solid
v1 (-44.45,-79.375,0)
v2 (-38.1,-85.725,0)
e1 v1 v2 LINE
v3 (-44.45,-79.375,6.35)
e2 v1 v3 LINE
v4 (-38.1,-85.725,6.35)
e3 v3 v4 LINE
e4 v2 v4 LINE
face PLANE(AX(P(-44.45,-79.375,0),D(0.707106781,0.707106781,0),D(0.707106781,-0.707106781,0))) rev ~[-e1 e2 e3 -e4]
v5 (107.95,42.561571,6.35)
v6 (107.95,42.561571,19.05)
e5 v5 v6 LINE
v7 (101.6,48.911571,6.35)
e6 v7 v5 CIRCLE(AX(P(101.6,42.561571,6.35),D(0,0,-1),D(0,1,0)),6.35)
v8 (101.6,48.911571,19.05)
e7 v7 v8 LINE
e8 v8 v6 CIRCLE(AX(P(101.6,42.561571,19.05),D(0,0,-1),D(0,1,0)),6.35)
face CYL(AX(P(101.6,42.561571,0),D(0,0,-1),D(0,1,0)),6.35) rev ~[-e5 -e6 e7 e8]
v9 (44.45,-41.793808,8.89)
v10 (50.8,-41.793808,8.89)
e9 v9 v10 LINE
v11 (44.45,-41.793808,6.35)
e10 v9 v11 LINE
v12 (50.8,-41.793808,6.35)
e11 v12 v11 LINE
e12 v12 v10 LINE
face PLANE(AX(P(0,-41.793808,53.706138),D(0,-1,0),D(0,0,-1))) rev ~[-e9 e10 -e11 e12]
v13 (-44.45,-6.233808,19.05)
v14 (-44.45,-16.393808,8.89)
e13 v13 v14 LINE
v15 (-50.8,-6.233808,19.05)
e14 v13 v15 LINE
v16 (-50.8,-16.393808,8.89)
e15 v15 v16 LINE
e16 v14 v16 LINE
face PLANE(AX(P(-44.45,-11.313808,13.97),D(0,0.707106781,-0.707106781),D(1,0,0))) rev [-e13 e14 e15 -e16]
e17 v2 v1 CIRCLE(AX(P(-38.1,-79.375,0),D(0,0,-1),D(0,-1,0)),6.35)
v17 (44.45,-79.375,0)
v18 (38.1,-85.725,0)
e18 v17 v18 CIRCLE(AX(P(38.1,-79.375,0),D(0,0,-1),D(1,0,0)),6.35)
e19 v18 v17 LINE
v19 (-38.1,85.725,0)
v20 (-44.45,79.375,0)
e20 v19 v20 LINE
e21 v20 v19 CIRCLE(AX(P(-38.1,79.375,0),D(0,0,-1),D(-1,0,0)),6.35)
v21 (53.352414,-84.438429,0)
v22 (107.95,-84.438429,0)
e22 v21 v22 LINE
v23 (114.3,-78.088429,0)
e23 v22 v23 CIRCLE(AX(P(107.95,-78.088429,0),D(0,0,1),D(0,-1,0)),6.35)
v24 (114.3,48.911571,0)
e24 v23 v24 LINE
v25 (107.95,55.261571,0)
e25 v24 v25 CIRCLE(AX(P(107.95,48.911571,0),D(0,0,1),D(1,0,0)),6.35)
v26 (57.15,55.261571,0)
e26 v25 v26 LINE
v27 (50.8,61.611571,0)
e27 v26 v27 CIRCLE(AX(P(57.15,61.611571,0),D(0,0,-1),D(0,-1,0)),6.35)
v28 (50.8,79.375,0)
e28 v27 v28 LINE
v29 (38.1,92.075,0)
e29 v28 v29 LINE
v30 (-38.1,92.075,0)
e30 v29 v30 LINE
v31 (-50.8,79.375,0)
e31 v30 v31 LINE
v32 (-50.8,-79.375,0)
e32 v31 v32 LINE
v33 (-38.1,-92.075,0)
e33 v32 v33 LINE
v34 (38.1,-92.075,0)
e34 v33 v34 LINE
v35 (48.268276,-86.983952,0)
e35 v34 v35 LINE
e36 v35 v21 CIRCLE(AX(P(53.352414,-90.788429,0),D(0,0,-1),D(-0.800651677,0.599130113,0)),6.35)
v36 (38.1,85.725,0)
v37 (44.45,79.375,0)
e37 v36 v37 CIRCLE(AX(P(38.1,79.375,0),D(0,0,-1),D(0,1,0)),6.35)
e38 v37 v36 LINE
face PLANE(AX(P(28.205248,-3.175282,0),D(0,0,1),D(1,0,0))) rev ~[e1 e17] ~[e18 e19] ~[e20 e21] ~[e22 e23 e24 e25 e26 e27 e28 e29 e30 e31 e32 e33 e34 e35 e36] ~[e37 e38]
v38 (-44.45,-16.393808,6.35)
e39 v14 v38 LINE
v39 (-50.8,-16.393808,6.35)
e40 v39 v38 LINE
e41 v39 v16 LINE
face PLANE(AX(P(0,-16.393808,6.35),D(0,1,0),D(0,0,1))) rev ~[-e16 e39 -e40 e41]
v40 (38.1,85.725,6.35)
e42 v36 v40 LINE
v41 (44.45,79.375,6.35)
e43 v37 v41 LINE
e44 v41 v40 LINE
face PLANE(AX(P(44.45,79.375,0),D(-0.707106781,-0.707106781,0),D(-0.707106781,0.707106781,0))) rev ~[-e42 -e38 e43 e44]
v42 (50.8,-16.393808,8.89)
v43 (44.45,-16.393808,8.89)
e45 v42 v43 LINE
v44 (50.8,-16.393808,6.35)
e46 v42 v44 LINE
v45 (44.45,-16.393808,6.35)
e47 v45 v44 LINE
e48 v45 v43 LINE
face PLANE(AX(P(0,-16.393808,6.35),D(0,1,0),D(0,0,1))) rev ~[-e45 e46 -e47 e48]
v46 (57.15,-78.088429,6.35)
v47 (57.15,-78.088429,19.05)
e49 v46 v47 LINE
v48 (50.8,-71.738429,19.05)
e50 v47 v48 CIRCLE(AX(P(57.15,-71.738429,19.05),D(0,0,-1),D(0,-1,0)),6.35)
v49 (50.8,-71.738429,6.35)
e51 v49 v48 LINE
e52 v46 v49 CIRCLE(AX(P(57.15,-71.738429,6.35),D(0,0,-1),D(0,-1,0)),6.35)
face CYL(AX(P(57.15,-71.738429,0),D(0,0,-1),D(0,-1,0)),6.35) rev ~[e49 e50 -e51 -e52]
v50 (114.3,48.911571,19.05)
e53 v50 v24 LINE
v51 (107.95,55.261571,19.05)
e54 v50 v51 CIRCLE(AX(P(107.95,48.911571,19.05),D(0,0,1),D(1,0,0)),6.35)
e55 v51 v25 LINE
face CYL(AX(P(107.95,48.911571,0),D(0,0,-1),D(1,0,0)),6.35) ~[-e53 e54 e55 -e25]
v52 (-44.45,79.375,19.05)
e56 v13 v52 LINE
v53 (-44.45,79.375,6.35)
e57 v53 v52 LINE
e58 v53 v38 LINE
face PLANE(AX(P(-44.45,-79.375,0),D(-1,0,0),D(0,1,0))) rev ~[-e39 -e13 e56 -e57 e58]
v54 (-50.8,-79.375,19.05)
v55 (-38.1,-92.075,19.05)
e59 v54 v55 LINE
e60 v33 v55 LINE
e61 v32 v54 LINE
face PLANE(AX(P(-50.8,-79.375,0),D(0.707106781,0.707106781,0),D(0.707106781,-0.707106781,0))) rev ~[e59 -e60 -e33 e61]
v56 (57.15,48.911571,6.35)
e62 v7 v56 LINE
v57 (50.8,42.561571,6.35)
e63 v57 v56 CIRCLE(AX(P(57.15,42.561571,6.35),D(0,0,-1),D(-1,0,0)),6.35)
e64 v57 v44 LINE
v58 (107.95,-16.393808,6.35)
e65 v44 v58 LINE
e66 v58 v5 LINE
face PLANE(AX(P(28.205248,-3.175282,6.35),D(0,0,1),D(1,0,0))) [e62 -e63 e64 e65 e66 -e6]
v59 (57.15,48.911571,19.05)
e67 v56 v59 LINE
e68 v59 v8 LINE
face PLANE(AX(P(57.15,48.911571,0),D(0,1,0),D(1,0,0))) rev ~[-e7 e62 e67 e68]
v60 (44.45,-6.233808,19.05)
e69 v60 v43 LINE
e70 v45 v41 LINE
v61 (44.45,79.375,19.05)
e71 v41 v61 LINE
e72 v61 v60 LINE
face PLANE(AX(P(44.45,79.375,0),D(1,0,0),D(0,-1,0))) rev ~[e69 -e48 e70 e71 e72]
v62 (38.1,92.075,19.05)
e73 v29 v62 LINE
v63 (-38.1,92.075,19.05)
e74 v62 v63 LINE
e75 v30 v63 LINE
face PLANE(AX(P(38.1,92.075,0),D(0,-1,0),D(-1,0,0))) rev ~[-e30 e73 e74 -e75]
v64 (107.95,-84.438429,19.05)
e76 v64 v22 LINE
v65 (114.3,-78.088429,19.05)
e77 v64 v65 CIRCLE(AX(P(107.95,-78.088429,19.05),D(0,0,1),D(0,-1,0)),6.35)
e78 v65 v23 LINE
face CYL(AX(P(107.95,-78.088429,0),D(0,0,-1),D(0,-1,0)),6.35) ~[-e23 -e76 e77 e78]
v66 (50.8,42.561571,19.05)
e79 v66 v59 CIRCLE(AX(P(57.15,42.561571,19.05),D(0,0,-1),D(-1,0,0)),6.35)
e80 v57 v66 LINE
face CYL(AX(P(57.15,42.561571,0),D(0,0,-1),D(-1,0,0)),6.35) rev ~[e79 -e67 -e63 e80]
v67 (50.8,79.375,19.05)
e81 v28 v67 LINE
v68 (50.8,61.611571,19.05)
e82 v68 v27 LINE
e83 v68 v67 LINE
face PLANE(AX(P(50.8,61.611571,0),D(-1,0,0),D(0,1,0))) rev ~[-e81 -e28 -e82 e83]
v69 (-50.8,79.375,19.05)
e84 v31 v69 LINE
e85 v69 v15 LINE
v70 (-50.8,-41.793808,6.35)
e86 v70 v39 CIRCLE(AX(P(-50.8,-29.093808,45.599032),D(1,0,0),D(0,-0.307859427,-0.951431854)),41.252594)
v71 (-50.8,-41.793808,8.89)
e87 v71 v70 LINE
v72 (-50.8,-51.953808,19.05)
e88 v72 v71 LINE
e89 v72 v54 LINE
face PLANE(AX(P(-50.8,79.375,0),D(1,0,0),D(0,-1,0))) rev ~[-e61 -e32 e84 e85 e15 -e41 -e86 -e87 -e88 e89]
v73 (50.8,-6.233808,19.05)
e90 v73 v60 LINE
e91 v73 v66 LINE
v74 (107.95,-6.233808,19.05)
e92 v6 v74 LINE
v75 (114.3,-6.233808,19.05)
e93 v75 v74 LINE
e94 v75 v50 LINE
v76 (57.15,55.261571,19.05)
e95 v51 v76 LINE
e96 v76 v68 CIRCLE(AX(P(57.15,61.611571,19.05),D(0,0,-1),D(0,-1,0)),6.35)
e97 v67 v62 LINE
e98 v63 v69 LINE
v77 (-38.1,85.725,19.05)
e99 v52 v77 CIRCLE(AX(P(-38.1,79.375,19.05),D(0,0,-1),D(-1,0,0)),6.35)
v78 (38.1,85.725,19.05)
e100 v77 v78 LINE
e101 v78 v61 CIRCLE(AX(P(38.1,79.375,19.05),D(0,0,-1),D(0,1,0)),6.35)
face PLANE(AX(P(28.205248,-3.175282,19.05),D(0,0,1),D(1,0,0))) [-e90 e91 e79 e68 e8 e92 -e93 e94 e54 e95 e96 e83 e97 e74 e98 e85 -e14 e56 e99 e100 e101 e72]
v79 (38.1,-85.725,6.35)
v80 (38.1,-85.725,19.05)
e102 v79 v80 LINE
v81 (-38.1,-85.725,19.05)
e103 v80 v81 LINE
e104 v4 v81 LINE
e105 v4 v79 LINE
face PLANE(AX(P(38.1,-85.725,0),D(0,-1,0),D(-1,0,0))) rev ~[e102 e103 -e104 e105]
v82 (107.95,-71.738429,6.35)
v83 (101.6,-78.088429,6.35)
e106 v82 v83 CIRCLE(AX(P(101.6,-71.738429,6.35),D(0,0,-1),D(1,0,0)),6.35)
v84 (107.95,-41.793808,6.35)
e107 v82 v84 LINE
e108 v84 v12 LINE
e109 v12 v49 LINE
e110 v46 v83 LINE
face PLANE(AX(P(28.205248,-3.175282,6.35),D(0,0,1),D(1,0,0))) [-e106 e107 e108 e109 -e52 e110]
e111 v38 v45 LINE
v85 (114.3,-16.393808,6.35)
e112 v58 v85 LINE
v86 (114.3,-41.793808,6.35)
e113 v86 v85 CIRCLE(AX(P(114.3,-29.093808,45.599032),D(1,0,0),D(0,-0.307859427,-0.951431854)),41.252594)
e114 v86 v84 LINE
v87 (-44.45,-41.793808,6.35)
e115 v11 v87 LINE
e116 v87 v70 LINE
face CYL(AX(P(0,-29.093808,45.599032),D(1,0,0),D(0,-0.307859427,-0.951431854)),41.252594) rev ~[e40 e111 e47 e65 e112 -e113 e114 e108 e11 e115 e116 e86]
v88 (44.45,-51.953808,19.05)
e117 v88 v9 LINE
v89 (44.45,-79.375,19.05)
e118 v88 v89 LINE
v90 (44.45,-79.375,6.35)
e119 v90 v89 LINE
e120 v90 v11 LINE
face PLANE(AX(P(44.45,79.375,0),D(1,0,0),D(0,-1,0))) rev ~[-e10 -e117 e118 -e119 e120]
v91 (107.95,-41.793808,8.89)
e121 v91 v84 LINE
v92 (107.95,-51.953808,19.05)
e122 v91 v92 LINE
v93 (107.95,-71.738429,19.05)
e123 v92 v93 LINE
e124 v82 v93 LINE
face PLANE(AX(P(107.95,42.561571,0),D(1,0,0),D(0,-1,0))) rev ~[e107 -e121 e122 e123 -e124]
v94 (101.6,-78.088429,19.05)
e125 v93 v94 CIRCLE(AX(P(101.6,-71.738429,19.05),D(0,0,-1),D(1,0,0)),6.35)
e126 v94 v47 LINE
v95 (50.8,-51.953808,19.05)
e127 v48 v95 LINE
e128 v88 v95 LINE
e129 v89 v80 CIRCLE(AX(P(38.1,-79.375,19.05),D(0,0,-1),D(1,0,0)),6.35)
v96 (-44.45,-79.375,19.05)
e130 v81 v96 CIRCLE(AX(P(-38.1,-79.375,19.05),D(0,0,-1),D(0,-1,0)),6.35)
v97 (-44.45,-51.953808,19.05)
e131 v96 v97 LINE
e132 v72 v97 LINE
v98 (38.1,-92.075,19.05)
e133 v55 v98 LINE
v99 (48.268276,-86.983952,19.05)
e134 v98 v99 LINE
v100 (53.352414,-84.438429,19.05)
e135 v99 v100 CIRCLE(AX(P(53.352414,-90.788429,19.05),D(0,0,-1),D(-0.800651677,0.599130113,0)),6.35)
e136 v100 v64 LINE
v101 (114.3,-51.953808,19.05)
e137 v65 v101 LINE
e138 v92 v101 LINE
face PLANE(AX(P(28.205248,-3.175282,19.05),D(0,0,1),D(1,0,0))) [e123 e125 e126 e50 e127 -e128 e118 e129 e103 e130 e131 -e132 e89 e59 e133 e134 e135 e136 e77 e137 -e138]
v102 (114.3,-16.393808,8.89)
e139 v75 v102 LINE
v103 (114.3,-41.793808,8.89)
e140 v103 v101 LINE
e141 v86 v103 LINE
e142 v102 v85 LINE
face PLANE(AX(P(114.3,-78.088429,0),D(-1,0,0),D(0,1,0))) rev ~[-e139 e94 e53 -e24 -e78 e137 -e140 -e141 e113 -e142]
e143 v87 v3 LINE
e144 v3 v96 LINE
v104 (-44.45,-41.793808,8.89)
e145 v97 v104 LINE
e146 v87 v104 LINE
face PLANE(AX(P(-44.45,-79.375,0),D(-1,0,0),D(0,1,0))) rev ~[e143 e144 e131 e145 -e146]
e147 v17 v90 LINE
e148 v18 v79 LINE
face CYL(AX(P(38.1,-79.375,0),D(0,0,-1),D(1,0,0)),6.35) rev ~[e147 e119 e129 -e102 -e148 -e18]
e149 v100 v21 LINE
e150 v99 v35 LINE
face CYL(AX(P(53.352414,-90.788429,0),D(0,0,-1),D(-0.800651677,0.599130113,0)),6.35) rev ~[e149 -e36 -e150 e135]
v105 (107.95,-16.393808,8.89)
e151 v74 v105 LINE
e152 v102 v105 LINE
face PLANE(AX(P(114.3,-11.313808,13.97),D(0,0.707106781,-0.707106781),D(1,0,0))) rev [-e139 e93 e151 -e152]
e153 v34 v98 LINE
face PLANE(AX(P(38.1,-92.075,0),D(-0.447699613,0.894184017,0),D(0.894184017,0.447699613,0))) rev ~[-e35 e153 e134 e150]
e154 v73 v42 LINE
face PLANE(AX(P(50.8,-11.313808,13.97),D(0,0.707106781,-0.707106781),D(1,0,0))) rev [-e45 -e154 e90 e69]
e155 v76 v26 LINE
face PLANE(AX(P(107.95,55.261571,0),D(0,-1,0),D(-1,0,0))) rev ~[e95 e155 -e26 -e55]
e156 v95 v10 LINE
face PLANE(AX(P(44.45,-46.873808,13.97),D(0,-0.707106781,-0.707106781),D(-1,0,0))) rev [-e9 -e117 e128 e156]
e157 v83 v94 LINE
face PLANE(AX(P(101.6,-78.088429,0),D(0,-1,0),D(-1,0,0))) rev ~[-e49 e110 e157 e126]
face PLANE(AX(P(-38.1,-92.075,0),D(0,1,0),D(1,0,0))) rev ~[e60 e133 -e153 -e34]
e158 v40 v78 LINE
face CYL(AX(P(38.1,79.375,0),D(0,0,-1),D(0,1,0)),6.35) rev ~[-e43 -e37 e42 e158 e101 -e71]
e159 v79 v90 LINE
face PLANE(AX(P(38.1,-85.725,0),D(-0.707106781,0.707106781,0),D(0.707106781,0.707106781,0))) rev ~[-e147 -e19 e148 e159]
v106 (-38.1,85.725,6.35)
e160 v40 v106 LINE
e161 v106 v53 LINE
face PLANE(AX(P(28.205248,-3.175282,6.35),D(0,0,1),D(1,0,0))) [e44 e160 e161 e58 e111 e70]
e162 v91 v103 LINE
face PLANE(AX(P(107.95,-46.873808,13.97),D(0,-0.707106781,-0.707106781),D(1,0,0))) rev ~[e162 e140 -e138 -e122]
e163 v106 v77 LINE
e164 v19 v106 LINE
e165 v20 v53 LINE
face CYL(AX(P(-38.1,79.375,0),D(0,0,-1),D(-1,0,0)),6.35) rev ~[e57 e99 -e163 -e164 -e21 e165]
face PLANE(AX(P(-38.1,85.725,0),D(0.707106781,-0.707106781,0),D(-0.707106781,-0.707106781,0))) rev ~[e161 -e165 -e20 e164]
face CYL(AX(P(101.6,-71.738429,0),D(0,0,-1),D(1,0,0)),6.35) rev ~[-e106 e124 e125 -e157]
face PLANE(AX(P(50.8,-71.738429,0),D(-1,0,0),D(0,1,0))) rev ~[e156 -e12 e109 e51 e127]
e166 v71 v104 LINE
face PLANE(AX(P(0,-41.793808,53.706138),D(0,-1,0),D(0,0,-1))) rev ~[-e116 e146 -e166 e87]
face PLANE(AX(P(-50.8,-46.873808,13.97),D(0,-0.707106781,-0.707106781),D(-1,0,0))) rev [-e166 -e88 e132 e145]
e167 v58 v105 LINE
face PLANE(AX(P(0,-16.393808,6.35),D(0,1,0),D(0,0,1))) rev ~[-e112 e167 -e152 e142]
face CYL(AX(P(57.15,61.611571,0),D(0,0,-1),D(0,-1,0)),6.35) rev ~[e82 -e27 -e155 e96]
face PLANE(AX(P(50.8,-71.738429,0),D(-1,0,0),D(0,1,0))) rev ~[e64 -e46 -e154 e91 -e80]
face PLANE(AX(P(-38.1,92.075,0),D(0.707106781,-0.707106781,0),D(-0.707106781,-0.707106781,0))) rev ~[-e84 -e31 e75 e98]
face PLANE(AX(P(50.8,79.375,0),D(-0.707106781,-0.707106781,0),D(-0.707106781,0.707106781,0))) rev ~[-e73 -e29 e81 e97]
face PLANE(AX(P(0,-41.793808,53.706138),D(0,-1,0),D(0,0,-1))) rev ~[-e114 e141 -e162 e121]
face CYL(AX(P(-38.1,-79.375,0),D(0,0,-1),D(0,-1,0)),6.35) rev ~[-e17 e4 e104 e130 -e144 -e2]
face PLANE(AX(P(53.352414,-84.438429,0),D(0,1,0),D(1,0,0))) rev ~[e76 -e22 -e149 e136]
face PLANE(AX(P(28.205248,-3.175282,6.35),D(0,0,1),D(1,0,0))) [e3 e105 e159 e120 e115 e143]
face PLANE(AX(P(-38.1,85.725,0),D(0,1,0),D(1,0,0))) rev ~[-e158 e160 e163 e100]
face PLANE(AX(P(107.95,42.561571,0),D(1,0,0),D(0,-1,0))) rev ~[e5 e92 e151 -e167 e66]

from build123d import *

# Parameters (mm, degrees)
F1_DEPTH = 6.35
F2_DEPTH = 19.05
F4_DEPTH = 127
F5_SIZE  = 10.16


with BuildPart() as f1:
    # F0 (on Top) → F1 (new body)
    with BuildSketch(Plane.XY):
        with BuildLine():
            Line((50.8, 61.6115713388), (50.8, 79.375))
            Line((50.8, 79.375), (38.1, 92.075))
            Line((38.1, 92.075), (-38.1, 92.075))
            Line((-38.1, 92.075), (-50.8, 79.375))
            Line((-50.8, 79.375), (-50.8, -79.375))
            Line((-50.8, -79.375), (-38.1, -92.075))
            Line((-38.1, -92.075), (38.1, -92.075))
            Line((38.1, -92.075), (48.2682762921, -86.9839524408))
            ThreePointArc((48.2682762921, -86.9839524408), (50.5095218971, -85.1103601516), (53.3524144382, -84.4384286612))
            Line((53.3524144382, -84.4384286612), (107.95, -84.4384286612))
            ThreePointArc((107.95, -84.4384286612), (112.4401280605, -82.5785567218), (114.3, -78.0884286612))
            Line((114.3, -78.0884286612), (114.3, 48.9115713388))
            ThreePointArc((114.3, 48.9115713388), (112.4401280605, 53.4016993993), (107.95, 55.2615713388))
            Line((107.95, 55.2615713388), (57.15, 55.2615713388))
            ThreePointArc((57.15, 55.2615713388), (52.6598719395, 57.1214432782), (50.8, 61.6115713388))
        make_face()
        with BuildLine():
            ThreePointArc((-44.45, 79.375), (-42.5901280605, 83.8651280605), (-38.1, 85.725))
            Line((-38.1, 85.725), (38.1, 85.725))
            ThreePointArc((38.1, 85.725), (42.5901280605, 83.8651280605), (44.45, 79.375))
            Line((44.45, 79.375), (44.45, -79.375))
            ThreePointArc((44.45, -79.375), (42.5901280605, -83.8651280605), (38.1, -85.725))
            Line((38.1, -85.725), (-38.1, -85.725))
            ThreePointArc((-38.1, -85.725), (-42.5901280605, -83.8651280605), (-44.45, -79.375))
            Line((-44.45, -79.375), (-44.45, 79.375))
        make_face(mode=Mode.SUBTRACT)
        with BuildLine():
            Line((101.6, -78.0884286612), (57.15, -78.0884286612))
            ThreePointArc((57.15, -78.0884286612), (52.6598719395, -76.2285567218), (50.8, -71.7384286612))
            Line((50.8, -71.7384286612), (50.8, 42.5615713388))
            ThreePointArc((50.8, 42.5615713388), (52.6598719395, 47.0516993993), (57.15, 48.9115713388))
            Line((57.15, 48.9115713388), (101.6, 48.9115713388))
            ThreePointArc((101.6, 48.9115713388), (106.0901280605, 47.0516993993), (107.95, 42.5615713388))
            Line((107.95, 42.5615713388), (107.95, -71.7384286612))
            ThreePointArc((107.95, -71.7384286612), (106.0901280605, -76.2285567218), (101.6, -78.0884286612))
        make_face(mode=Mode.SUBTRACT)
        Polygon((38.1, 85.725), (-38.1, 85.725), (-44.45, 79.375), (-44.45, -79.375), (-38.1, -85.725), (38.1, -85.725), (44.45, -79.375), (44.45, 79.375), align=None)
        with BuildLine():
            ThreePointArc((50.8, -71.7384286612), (52.6598719395, -76.2285567218), (57.15, -78.0884286612))
            Line((57.15, -78.0884286612), (101.6, -78.0884286612))
            ThreePointArc((101.6, -78.0884286612), (106.0901280605, -76.2285567218), (107.95, -71.7384286612))
            Line((107.95, -71.7384286612), (107.95, 42.5615713388))
            ThreePointArc((107.95, 42.5615713388), (106.0901280605, 47.0516993993), (101.6, 48.9115713388))
            Line((101.6, 48.9115713388), (57.15, 48.9115713388))
            ThreePointArc((57.15, 48.9115713388), (52.6598719395, 47.0516993993), (50.8, 42.5615713388))
            Line((50.8, 42.5615713388), (50.8, -71.7384286612))
        make_face()
    extrude(amount=F1_DEPTH)

    # F0 (on Top) → F2 (join)
    with BuildSketch(Plane.XY):
        with BuildLine():
            Line((50.8, 61.6115713388), (50.8, 79.375))
            Line((50.8, 79.375), (38.1, 92.075))
            Line((38.1, 92.075), (-38.1, 92.075))
            Line((-38.1, 92.075), (-50.8, 79.375))
            Line((-50.8, 79.375), (-50.8, -79.375))
            Line((-50.8, -79.375), (-38.1, -92.075))
            Line((-38.1, -92.075), (38.1, -92.075))
            Line((38.1, -92.075), (48.2682762921, -86.9839524408))
            ThreePointArc((48.2682762921, -86.9839524408), (50.5095218971, -85.1103601516), (53.3524144382, -84.4384286612))
            Line((53.3524144382, -84.4384286612), (107.95, -84.4384286612))
            ThreePointArc((107.95, -84.4384286612), (112.4401280605, -82.5785567218), (114.3, -78.0884286612))
            Line((114.3, -78.0884286612), (114.3, 48.9115713388))
            ThreePointArc((114.3, 48.9115713388), (112.4401280605, 53.4016993993), (107.95, 55.2615713388))
            Line((107.95, 55.2615713388), (57.15, 55.2615713388))
            ThreePointArc((57.15, 55.2615713388), (52.6598719395, 57.1214432782), (50.8, 61.6115713388))
        make_face()
        with BuildLine():
            ThreePointArc((-44.45, 79.375), (-42.5901280605, 83.8651280605), (-38.1, 85.725))
            Line((-38.1, 85.725), (38.1, 85.725))
            ThreePointArc((38.1, 85.725), (42.5901280605, 83.8651280605), (44.45, 79.375))
            Line((44.45, 79.375), (44.45, -79.375))
            ThreePointArc((44.45, -79.375), (42.5901280605, -83.8651280605), (38.1, -85.725))
            Line((38.1, -85.725), (-38.1, -85.725))
            ThreePointArc((-38.1, -85.725), (-42.5901280605, -83.8651280605), (-44.45, -79.375))
            Line((-44.45, -79.375), (-44.45, 79.375))
        make_face(mode=Mode.SUBTRACT)
        with BuildLine():
            Line((101.6, -78.0884286612), (57.15, -78.0884286612))
            ThreePointArc((57.15, -78.0884286612), (52.6598719395, -76.2285567218), (50.8, -71.7384286612))
            Line((50.8, -71.7384286612), (50.8, 42.5615713388))
            ThreePointArc((50.8, 42.5615713388), (52.6598719395, 47.0516993993), (57.15, 48.9115713388))
            Line((57.15, 48.9115713388), (101.6, 48.9115713388))
            ThreePointArc((101.6, 48.9115713388), (106.0901280605, 47.0516993993), (107.95, 42.5615713388))
            Line((107.95, 42.5615713388), (107.95, -71.7384286612))
            ThreePointArc((107.95, -71.7384286612), (106.0901280605, -76.2285567218), (101.6, -78.0884286612))
        make_face(mode=Mode.SUBTRACT)
    extrude(amount=F2_DEPTH)

    # F3 (on Right) → F4 (cut, symmetric)
    with BuildSketch(Plane.YZ):
        with BuildLine():
            ThreePointArc((-41.7938075632, 6.35), (-29.0938075632, 4.3464379948), (-16.3938075632, 6.35))
            Line((-16.3938075632, 6.35), (-16.3938075632, 53.7061375175))
            Line((-16.3938075632, 53.7061375175), (-41.7938075632, 53.7061375175))
            Line((-41.7938075632, 53.7061375175), (-41.7938075632, 6.35))
        make_face()
    extrude(amount=F4_DEPTH, both=True, mode=Mode.SUBTRACT)

    # F5
    f5_edges = [f1.edges().sort_by_distance(p)[0] for p in [
        (111.125, -16.393808, 19.05),
        (47.625, -16.393808, 19.05),
        (-47.625, -16.393808, 19.05),
        (-47.625, -41.793808, 19.05),
        (47.625, -41.793808, 19.05),
        (111.125, -41.793808, 19.05),
    ]]
    chamfer(f5_edges, length=F5_SIZE)


solid = f1.part
